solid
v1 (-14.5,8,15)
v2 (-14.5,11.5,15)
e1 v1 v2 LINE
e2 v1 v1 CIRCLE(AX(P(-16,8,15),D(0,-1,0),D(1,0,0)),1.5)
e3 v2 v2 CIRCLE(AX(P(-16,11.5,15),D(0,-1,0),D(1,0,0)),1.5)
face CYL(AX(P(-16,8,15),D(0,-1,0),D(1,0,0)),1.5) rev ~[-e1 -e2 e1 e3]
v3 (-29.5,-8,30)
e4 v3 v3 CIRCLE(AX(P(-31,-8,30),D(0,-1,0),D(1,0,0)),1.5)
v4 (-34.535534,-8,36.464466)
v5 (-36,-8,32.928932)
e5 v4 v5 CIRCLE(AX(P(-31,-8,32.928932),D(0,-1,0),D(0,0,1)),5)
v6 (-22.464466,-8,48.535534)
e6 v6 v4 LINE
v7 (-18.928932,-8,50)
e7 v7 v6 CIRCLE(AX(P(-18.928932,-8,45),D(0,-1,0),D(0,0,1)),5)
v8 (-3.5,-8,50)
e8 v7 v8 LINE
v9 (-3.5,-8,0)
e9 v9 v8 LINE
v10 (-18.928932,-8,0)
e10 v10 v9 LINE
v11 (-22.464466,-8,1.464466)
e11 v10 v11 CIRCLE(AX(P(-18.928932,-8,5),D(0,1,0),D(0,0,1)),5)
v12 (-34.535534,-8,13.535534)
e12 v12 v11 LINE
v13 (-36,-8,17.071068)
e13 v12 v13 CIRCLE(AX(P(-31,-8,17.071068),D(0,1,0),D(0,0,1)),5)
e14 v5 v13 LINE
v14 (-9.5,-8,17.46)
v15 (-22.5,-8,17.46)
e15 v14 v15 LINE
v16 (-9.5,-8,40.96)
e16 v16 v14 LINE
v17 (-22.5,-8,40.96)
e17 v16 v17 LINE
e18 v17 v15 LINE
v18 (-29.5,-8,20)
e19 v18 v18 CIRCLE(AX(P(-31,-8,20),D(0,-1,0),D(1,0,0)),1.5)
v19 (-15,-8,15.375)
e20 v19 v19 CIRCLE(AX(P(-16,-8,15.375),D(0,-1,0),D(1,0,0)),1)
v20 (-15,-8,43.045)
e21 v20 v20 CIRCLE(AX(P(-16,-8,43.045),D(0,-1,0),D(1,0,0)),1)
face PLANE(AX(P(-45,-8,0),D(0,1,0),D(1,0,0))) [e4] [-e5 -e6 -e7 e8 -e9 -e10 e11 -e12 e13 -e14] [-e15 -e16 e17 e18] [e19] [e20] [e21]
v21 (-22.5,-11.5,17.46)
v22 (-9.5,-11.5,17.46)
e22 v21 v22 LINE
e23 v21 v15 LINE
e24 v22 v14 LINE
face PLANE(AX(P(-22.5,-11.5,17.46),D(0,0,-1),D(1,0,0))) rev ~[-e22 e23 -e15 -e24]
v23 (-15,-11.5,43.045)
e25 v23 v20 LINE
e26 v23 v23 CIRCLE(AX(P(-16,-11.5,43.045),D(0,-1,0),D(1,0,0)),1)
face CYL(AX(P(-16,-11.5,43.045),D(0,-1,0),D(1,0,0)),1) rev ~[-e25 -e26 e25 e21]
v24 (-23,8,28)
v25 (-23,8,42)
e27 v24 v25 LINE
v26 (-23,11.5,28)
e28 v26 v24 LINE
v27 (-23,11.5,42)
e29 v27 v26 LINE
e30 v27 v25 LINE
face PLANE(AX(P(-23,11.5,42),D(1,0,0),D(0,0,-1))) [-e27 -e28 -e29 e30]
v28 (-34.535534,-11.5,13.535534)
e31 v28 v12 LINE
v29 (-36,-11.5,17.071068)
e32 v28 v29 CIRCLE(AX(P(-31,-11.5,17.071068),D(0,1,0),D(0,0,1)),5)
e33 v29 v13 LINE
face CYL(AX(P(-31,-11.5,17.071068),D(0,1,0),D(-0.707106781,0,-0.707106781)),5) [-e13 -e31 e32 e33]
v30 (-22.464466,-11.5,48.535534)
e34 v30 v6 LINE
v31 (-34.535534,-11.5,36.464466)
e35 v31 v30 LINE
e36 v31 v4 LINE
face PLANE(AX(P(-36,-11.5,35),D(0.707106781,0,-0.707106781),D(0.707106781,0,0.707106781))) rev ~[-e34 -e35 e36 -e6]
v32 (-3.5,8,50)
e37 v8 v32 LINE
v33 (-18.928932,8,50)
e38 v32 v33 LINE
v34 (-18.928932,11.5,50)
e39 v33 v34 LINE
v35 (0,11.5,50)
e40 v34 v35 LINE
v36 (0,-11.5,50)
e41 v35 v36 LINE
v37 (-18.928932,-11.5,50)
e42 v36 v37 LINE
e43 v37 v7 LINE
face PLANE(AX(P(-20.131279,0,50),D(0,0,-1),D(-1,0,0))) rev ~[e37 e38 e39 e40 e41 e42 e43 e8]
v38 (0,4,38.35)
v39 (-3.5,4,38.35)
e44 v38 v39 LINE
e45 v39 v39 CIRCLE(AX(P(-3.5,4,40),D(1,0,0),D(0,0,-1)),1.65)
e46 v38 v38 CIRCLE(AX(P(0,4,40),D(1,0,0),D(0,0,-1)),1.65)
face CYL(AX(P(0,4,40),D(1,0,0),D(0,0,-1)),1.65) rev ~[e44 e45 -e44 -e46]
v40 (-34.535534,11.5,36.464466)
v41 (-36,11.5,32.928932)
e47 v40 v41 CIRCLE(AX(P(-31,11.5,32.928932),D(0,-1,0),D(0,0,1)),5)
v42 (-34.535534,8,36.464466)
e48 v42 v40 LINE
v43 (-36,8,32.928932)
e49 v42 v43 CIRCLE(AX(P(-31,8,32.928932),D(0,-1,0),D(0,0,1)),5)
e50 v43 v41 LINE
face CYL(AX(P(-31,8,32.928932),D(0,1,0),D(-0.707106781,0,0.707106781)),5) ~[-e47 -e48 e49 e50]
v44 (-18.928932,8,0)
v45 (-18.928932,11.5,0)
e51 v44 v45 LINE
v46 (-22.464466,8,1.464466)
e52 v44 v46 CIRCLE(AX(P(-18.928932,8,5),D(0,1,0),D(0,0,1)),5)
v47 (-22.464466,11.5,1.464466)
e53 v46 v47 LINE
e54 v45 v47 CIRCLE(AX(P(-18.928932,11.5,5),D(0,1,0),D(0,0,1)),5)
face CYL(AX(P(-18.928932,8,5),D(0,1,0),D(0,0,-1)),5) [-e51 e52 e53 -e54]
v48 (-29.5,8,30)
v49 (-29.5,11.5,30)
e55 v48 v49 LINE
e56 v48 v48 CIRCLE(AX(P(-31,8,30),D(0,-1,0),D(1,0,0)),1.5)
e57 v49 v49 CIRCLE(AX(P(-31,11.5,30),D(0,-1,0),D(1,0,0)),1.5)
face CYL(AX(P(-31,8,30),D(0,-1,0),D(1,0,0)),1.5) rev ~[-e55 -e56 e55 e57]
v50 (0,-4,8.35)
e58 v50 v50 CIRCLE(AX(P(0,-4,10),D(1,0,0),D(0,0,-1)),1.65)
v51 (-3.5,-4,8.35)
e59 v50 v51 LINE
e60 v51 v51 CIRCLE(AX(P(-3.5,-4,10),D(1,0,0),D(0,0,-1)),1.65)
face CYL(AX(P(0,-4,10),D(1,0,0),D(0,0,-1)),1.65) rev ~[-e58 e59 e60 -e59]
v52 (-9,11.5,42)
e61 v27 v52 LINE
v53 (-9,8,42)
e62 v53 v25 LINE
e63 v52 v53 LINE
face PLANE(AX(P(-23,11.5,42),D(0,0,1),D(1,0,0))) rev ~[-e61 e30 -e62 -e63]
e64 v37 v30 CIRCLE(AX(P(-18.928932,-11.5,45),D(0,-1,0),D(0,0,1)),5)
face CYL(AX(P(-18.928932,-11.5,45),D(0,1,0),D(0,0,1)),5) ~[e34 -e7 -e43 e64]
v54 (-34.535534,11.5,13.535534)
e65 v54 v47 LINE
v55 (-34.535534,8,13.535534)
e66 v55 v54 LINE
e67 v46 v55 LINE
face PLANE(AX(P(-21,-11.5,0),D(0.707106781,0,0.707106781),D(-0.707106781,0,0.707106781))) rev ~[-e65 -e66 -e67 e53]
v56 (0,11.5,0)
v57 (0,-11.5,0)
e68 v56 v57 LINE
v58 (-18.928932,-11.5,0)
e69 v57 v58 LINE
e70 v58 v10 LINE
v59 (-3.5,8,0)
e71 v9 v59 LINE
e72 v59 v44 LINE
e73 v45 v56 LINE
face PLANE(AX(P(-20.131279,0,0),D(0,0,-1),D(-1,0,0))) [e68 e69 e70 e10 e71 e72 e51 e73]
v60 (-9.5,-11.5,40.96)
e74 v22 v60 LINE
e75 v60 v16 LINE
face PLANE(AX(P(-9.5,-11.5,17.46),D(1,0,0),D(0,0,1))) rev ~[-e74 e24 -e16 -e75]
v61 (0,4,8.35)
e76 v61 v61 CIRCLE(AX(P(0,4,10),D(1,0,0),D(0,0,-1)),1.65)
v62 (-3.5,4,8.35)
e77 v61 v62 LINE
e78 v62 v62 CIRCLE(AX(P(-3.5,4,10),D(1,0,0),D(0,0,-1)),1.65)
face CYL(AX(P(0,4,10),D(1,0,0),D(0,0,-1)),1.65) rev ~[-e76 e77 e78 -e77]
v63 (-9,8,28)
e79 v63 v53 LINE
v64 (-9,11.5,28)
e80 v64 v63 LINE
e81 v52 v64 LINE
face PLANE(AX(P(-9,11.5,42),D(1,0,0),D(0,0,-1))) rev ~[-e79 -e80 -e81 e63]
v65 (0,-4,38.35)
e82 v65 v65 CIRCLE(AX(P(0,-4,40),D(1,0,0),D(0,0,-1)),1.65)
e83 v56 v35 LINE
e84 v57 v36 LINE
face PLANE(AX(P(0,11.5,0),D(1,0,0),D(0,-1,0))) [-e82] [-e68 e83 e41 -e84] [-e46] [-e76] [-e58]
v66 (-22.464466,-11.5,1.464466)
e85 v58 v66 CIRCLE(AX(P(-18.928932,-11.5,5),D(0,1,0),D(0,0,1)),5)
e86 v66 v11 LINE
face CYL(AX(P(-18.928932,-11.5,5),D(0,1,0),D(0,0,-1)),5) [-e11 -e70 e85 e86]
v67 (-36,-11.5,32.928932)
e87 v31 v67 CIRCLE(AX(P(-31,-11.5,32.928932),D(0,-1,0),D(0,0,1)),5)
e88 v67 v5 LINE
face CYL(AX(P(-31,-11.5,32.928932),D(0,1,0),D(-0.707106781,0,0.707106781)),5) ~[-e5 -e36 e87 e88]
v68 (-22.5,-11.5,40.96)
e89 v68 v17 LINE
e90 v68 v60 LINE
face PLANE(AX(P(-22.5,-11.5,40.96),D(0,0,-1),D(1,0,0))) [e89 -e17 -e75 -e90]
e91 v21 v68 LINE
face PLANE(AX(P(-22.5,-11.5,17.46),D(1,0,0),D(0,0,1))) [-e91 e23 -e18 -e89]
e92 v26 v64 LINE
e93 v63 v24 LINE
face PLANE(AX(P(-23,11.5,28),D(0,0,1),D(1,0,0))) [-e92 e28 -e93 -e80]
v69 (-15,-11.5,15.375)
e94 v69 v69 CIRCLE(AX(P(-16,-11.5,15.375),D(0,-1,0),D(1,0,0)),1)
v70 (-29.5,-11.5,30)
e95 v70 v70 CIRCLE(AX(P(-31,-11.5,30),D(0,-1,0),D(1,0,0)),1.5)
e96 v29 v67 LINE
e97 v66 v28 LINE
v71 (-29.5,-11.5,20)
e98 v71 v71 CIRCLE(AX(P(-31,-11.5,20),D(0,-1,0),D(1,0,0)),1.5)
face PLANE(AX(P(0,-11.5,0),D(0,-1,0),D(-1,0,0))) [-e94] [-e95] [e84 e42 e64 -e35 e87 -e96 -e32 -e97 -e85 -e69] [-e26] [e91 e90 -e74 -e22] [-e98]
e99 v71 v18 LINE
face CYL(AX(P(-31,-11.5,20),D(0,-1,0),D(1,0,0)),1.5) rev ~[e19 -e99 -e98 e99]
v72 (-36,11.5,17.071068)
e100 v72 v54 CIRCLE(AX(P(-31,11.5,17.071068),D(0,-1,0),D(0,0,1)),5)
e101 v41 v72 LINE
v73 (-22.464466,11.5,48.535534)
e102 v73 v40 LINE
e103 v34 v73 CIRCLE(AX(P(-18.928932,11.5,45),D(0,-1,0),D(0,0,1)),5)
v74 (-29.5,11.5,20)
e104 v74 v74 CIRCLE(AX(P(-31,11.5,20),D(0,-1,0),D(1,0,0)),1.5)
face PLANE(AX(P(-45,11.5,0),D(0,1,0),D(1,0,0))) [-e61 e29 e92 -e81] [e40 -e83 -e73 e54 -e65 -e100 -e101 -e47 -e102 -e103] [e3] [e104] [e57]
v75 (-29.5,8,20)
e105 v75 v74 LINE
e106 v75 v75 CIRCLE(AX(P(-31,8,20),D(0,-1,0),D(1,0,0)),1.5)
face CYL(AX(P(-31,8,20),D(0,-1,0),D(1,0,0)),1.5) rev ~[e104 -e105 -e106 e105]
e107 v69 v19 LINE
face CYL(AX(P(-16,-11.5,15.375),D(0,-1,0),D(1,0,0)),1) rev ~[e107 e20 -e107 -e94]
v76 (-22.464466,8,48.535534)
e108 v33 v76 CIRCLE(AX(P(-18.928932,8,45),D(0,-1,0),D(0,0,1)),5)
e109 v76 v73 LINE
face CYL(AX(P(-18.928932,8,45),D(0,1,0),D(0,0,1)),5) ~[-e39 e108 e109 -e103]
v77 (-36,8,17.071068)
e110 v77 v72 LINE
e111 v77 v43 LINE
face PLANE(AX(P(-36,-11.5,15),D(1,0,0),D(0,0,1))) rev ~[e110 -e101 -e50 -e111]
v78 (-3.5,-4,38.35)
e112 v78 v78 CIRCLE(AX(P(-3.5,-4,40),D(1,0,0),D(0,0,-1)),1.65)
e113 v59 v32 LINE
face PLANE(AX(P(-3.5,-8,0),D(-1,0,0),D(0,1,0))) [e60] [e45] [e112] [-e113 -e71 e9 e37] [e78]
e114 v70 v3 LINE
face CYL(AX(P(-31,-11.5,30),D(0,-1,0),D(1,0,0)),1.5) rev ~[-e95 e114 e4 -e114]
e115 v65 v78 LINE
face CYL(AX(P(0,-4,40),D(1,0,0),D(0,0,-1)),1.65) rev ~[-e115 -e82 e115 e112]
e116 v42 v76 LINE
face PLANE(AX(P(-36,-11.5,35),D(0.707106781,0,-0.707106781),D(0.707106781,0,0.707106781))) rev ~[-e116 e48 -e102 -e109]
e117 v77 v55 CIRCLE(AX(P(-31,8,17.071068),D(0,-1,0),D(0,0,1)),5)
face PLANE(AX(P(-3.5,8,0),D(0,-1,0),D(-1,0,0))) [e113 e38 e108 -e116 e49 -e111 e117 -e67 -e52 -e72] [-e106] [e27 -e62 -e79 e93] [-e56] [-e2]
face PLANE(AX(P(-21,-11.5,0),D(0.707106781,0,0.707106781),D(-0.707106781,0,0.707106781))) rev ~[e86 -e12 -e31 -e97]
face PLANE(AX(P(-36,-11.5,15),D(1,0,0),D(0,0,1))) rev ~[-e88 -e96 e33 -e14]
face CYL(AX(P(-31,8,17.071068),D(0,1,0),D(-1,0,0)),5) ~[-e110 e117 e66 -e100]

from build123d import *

# Parameters (mm, degrees)
EXTRUDE_1_DEPTH     = 50
CUT_EXTRUDE_START   = -19.5
SKETCH_2_R          = 1.5
CUT_EXTRUDE_1_DEPTH = 70
SKETCH_3_OUTSIDE_W  = 61.218
SKETCH_3_OUTSIDE_H  = 66.218
CUT_EXTRUDE_2_DEPTH = 70
SKETCH_2_3_R        = 1.5
CUT_EXTRUDE_4_DEPTH = 10
SKETCH_5_R          = 1
CUT_EXTRUDE_5_DEPTH = 10
FILLET_1_R          = 5
SKETCH_6_W          = 13
SKETCH_6_H          = 23.5
CUT_EXTRUDE_6_DEPTH = 10
SKETCH_7_R          = 1.65
CUT_EXTRUDE_7_DEPTH = 10
SKETCH_8_W          = 14
SKETCH_8_H          = 14
CUT_EXTRUDE_8_DEPTH = 10


with BuildPart() as part:
    # 草图1 → 凸台-拉伸1 (new body)
    with BuildSketch(Plane.XY):
        Polygon((-45, 11.5), (0, 11.5), (0, -11.5), (-45, -11.5), (-45, -8), (-3.5, -8), (-3.5, 8), (-45, 8), align=None)
    extrude(amount=EXTRUDE_1_DEPTH)

    # 草图2 → 切除-拉伸1 (cut)
    with BuildSketch(Plane.XZ.offset(11.5).offset(CUT_EXTRUDE_START)):
        with Locations((-16, 35)):
            Circle(SKETCH_2_R)
        with Locations((-16, 15)):
            Circle(SKETCH_2_R)
        with Locations((-31, 30)):
            Circle(SKETCH_2_R)
        with Locations((-31, 20)):
            Circle(SKETCH_2_R)
    extrude(amount=-CUT_EXTRUDE_1_DEPTH, mode=Mode.SUBTRACT)

    # 草图3 outside → 切除-拉伸2 (cut)
    with BuildSketch(Plane.XZ.offset(11.5)):
        with Locations((-22.5, 25)):
            Rectangle(SKETCH_3_OUTSIDE_W, SKETCH_3_OUTSIDE_H)
        Polygon((-21, 0), (-36, 15), (-36, 35), (-21, 50), (0, 50), (0, 0), align=None, mode=Mode.SUBTRACT)
    extrude(amount=-CUT_EXTRUDE_2_DEPTH, mode=Mode.SUBTRACT)

    # 草图2<3> → 切除-拉伸4 (cut)
    with BuildSketch(Plane.XZ.offset(11.5)):
        with Locations((-31, 30)):
            Circle(SKETCH_2_3_R)
        with Locations((-31, 20)):
            Circle(SKETCH_2_3_R)
    extrude(amount=-CUT_EXTRUDE_4_DEPTH, mode=Mode.SUBTRACT)

    # 草图5 → 切除-拉伸5 (cut)
    with BuildSketch(Plane.XZ.offset(11.5)):
        with Locations((-16, 43.045)):
            Circle(SKETCH_5_R)
        with Locations((-16, 15.375)):
            Circle(SKETCH_5_R)
    extrude(amount=-CUT_EXTRUDE_5_DEPTH, mode=Mode.SUBTRACT)

    # 圆角1
    fillet_1_edges = [part.edges().sort_by_distance(p)[0] for p in [
        (-21, -9.75, 0),
        (-21, 9.75, 0),
        (-21, -9.75, 50),
        (-21, 9.75, 50),
        (-36, 9.75, 35),
        (-36, -9.75, 35),
        (-36, 9.75, 15),
        (-36, -9.75, 15),
    ]]
    fillet(fillet_1_edges, radius=FILLET_1_R)

    # 草图6 → 切除-拉伸6 (cut)
    with BuildSketch(Plane.XZ.offset(11.5)):
        with Locations((-16, 29.21)):
            Rectangle(SKETCH_6_W, SKETCH_6_H)
    extrude(amount=-CUT_EXTRUDE_6_DEPTH, mode=Mode.SUBTRACT)

    # 草图7 → 切除-拉伸7 (cut)
    with BuildSketch(Plane(origin=(0, 0, 0), x_dir=(0, 0, -1), z_dir=(1, 0, 0))):
        with Locations((-10, 4)):
            Circle(SKETCH_7_R)
        with Locations((-40, 4)):
            Circle(SKETCH_7_R)
        with Locations((-10, -4)):
            Circle(SKETCH_7_R)
        with Locations((-40, -4)):
            Circle(SKETCH_7_R)
    extrude(amount=-CUT_EXTRUDE_7_DEPTH, mode=Mode.SUBTRACT)

    # 草图8 → 切除-拉伸8 (cut)
    with BuildSketch(Plane(origin=(0, 11.5, 0), x_dir=(1, 0, 0), z_dir=(0, 1, 0))):
        with Locations((-16, -35)):
            Rectangle(SKETCH_8_W, SKETCH_8_H)
    extrude(amount=-CUT_EXTRUDE_8_DEPTH, mode=Mode.SUBTRACT)


solid = part.part
